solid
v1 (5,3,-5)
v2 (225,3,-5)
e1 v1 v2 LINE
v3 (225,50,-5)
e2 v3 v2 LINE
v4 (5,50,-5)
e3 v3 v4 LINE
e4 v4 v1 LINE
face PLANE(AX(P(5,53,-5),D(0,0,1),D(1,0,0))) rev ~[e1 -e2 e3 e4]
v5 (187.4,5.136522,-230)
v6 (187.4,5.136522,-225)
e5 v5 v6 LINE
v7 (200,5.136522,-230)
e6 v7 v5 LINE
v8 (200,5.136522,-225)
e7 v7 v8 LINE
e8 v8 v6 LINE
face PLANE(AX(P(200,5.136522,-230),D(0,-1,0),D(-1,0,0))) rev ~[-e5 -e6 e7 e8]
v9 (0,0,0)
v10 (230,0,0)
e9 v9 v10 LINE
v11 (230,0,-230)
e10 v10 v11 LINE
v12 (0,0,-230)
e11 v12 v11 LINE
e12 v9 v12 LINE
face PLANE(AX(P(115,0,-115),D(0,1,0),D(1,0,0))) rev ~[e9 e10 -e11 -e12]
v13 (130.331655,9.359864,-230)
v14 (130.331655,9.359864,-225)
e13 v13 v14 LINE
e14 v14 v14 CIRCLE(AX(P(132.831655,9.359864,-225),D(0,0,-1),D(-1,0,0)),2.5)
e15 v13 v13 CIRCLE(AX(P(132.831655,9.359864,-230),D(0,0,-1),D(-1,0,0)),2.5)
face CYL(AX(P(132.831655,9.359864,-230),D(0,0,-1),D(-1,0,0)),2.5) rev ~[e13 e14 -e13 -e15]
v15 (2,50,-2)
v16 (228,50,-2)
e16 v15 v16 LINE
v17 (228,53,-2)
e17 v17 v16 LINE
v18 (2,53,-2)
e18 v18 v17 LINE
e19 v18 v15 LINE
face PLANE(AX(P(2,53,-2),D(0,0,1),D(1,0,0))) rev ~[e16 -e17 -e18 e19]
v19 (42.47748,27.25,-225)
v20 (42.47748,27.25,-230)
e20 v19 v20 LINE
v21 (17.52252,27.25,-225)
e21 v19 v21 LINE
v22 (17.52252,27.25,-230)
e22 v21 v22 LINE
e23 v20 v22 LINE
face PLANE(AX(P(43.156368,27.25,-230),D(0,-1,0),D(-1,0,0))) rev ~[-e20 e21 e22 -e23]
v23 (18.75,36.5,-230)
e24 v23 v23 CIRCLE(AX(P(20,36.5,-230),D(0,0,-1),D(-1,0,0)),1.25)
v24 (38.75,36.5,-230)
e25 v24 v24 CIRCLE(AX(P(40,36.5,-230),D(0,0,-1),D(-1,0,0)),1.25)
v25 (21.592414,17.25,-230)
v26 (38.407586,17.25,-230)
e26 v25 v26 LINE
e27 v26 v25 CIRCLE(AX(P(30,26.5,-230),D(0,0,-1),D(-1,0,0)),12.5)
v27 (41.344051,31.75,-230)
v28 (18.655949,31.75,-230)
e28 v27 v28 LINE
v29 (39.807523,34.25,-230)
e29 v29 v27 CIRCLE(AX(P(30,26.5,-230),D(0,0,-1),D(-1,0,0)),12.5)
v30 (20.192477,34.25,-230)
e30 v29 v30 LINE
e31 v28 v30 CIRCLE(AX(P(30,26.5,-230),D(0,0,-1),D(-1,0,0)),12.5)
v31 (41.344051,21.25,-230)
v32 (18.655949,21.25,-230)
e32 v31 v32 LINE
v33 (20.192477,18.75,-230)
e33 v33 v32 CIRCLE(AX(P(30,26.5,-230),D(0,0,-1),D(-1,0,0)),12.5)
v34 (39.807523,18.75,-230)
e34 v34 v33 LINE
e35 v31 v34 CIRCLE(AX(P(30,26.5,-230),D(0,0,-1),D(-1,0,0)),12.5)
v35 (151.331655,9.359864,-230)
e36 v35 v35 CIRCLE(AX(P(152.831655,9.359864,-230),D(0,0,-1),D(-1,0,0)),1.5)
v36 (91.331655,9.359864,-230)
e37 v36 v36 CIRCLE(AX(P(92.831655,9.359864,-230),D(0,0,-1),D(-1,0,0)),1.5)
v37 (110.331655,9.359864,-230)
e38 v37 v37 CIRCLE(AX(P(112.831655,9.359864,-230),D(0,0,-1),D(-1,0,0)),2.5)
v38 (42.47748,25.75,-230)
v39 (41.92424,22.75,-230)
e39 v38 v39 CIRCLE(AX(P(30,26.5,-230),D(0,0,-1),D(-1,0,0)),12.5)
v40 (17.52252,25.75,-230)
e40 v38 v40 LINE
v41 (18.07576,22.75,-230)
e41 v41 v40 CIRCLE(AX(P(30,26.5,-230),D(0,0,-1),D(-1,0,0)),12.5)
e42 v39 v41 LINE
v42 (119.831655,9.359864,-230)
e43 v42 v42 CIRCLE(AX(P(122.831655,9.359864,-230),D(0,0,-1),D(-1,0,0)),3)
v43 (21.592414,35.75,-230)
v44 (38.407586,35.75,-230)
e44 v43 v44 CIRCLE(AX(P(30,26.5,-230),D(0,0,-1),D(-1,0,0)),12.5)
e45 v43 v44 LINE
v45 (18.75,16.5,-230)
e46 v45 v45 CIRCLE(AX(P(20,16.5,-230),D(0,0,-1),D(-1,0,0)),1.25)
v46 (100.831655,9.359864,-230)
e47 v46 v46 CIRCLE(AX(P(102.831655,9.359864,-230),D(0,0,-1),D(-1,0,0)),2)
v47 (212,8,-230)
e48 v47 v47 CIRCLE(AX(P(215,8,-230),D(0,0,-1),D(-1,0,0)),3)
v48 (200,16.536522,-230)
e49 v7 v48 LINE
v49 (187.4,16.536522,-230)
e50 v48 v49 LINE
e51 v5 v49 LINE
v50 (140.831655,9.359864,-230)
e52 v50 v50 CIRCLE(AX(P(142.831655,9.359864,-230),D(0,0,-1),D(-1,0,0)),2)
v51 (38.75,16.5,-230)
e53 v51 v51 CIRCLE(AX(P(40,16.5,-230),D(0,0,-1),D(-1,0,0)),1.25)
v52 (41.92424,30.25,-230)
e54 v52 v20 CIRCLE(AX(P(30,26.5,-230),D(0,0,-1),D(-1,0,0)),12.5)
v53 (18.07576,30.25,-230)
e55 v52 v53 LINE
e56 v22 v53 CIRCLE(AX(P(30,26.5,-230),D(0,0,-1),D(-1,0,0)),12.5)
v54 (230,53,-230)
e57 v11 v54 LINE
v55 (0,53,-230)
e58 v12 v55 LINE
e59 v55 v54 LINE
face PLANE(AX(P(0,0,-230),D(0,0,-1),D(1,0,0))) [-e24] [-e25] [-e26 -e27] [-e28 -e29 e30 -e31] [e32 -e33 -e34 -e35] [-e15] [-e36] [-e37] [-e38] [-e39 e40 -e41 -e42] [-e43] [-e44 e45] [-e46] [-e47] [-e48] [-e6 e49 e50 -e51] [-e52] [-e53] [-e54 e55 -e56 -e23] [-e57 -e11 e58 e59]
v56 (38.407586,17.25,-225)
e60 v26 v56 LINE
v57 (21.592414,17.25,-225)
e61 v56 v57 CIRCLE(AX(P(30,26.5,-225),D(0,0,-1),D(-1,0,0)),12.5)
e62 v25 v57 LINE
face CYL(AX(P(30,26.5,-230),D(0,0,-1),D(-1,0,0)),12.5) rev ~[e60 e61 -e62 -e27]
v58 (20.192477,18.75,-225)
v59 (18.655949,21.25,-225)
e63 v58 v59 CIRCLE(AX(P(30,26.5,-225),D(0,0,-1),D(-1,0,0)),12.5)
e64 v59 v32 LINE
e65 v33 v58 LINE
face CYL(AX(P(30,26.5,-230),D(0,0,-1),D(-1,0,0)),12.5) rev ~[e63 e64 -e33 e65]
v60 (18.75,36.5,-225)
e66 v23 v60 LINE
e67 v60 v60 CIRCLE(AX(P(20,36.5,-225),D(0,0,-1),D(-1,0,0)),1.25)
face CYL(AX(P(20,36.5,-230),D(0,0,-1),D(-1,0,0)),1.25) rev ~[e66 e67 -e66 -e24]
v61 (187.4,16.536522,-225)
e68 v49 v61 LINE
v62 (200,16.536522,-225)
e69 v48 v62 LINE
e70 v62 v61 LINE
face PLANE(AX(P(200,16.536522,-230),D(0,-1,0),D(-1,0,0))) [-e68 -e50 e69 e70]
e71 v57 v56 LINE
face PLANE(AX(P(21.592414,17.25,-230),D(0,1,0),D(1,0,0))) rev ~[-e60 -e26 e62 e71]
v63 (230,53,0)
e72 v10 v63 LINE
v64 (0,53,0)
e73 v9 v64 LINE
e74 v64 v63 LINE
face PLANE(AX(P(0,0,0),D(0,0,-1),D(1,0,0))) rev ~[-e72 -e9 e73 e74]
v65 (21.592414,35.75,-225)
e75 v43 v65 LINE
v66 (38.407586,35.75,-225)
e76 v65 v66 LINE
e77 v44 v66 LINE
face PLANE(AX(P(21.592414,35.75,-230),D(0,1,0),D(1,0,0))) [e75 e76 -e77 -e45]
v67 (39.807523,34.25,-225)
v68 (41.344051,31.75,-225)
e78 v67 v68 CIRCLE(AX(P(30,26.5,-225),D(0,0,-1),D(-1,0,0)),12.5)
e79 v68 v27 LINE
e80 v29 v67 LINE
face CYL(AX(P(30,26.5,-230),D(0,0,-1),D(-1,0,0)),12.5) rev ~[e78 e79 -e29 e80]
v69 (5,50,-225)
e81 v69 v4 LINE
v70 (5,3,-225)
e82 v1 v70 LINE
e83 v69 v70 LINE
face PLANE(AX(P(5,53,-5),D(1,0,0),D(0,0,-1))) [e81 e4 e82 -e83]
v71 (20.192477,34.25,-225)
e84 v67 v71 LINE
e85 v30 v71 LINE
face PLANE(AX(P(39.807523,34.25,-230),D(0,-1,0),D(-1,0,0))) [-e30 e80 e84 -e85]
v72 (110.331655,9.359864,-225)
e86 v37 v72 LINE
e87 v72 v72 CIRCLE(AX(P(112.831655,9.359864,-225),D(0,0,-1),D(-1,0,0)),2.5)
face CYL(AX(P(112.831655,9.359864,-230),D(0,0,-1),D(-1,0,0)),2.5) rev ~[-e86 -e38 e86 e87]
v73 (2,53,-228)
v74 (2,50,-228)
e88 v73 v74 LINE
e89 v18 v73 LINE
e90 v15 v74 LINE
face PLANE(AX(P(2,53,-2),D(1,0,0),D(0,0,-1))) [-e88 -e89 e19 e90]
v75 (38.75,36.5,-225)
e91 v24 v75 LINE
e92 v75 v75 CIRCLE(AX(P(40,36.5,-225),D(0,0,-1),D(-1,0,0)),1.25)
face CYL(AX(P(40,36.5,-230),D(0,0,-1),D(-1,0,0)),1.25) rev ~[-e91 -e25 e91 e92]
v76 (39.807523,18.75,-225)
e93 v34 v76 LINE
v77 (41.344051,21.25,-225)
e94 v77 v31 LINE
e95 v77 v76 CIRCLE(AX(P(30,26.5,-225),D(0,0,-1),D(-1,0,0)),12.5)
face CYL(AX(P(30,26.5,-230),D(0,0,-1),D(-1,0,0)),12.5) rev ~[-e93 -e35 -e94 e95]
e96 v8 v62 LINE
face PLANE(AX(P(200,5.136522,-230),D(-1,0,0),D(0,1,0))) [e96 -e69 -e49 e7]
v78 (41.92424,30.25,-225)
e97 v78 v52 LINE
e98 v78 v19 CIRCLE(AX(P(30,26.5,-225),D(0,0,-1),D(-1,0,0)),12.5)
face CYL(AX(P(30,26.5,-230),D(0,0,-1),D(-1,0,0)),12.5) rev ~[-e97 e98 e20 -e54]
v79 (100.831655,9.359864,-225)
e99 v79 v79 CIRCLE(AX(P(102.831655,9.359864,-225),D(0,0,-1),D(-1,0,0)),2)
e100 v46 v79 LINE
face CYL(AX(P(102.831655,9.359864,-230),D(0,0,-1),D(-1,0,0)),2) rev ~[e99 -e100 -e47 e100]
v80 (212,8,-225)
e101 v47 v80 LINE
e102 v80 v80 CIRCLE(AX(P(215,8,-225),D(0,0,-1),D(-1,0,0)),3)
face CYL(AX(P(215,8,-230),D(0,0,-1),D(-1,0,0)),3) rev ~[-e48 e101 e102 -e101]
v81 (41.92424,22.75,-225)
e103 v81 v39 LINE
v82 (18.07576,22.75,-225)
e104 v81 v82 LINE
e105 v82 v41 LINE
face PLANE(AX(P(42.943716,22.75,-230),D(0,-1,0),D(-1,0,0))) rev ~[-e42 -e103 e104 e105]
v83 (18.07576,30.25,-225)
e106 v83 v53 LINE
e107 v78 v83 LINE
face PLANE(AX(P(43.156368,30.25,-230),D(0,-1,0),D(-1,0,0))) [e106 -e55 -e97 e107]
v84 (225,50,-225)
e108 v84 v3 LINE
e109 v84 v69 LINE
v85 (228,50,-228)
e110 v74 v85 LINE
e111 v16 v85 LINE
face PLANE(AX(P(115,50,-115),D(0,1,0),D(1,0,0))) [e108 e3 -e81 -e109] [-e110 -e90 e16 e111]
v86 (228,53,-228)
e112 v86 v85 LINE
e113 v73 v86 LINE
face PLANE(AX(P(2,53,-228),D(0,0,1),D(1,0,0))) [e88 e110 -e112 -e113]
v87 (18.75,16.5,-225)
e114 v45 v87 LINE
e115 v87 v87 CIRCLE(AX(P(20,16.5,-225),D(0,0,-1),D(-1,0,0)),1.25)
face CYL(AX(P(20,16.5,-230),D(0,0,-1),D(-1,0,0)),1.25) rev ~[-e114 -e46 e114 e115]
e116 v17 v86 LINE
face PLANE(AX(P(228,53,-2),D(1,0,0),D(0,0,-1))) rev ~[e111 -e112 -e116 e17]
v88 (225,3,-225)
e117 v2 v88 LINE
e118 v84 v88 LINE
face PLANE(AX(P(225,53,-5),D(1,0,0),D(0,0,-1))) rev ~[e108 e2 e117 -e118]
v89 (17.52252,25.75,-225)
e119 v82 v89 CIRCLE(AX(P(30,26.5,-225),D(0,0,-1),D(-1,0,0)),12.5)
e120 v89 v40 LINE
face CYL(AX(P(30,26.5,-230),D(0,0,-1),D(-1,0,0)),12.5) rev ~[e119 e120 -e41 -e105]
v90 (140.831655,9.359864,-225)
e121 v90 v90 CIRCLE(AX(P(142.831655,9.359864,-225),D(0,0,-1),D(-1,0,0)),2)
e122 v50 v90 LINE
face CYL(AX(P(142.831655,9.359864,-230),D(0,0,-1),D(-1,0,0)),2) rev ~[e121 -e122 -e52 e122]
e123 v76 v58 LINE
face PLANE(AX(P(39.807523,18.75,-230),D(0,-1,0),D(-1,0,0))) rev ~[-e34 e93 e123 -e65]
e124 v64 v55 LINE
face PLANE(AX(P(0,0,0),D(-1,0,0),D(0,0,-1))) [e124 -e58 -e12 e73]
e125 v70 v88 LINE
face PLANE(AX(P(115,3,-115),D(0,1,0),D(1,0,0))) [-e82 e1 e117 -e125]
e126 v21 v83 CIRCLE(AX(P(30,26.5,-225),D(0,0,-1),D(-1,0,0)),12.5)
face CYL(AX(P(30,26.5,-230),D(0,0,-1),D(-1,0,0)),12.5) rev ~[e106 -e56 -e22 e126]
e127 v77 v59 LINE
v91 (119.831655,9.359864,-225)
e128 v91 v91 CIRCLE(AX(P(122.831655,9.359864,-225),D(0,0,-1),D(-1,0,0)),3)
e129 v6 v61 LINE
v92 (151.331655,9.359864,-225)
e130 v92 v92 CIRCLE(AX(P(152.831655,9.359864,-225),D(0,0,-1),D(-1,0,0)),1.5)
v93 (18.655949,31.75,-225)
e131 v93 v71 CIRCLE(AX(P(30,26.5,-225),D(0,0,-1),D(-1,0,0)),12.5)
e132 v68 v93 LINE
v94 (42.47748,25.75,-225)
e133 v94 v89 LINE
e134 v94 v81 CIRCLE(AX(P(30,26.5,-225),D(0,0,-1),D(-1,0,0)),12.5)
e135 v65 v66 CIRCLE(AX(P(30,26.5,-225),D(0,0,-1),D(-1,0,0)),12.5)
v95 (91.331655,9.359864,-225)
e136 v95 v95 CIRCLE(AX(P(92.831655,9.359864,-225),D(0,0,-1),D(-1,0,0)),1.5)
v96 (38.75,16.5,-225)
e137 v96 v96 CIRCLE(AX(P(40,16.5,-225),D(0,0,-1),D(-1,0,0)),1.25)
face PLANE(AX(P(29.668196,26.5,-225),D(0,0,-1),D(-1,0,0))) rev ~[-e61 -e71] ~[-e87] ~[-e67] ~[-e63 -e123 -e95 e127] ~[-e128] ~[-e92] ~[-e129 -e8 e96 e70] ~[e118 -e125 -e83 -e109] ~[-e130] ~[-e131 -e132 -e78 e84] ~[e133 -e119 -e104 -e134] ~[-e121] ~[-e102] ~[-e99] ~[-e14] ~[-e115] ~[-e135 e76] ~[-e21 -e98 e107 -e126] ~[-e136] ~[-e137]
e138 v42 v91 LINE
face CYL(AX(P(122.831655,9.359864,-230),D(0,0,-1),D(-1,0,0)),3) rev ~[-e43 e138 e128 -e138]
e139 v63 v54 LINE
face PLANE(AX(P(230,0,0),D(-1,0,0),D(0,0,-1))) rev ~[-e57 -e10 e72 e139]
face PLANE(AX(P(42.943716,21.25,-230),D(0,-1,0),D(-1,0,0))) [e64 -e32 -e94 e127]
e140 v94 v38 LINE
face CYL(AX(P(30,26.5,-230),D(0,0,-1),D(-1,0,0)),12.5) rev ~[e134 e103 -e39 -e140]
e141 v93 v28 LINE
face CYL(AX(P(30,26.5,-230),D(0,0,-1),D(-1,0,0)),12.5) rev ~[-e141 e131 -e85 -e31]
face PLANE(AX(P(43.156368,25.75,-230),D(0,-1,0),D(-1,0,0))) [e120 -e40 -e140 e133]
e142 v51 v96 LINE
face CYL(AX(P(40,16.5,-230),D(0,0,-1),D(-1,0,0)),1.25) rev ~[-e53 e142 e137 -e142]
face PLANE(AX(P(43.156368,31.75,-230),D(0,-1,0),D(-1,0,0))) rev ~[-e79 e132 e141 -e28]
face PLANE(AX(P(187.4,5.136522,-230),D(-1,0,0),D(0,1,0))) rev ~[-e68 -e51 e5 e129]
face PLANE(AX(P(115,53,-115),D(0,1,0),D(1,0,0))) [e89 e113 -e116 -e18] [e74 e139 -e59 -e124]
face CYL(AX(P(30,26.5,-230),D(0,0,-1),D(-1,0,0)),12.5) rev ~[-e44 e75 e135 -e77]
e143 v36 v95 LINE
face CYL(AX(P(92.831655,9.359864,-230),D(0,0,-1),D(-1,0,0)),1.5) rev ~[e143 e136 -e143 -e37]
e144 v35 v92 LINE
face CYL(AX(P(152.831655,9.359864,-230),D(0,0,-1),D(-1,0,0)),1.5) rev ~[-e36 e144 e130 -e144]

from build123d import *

# Parameters (mm, degrees)
ESQUISSE1_W             = 230
ESQUISSE1_H             = 230
BOSS_EXTRU_1_DEPTH      = 53
ESQUISSE2_W             = 220
ESQUISSE2_H             = 220
ENL_V_MAT_EXTRU_1_DEPTH = 50
ESQUISSE3_W             = 226
ESQUISSE3_H             = 226
ENL_V_MAT_EXTRU_2_DEPTH = 3
ESQUISSE4_R             = 12.5
ENL_V_MAT_EXTRU_3_DEPTH = 13
ESQUISSE5_R             = 1.25
ENL_V_MAT_EXTRU_4_DEPTH = 13
ESQUISSE6_W             = 26.976344154
ESQUISSE6_H             = 1.5
ESQUISSE6_W_2           = 27.280131813
ESQUISSE6_W_3           = 27.280131814
BOSS_EXTRU_2_DEPTH      = 5
ESQUISSE7_R             = 3
ENL_V_MAT_EXTRU_5_DEPTH = 5
ESQUISSE9_W             = 12.6
ESQUISSE9_H             = 11.4
ENL_V_MAT_EXTRU_6_DEPTH = 5
ESQUISSE10_R            = 1.5
ESQUISSE10_R_2          = 2
ESQUISSE10_R_3          = 2.5
ESQUISSE10_R_4          = 3
ENL_V_MAT_EXTRU_7_DEPTH = 10


with BuildPart() as part:
    # Esquisse1 → Boss.-Extru.1 (new body)
    with BuildSketch(Plane(origin=(0, 0, 0), x_dir=(1, 0, 0), z_dir=(0, 1, 0))):
        with Locations((115, 115)):
            Rectangle(ESQUISSE1_W, ESQUISSE1_H)
    extrude(amount=BOSS_EXTRU_1_DEPTH)

    # Esquisse2 → Enlèv. mat.-Extru.1 (cut)
    with BuildSketch(Plane(origin=(0, 53, 0), x_dir=(1, 0, 0), z_dir=(0, 1, 0))):
        with Locations((115, 115)):
            Rectangle(ESQUISSE2_W, ESQUISSE2_H)
    extrude(amount=-ENL_V_MAT_EXTRU_1_DEPTH, mode=Mode.SUBTRACT)

    # Esquisse3 → Enlèv. mat.-Extru.2 (cut)
    with BuildSketch(Plane(origin=(0, 53, 0), x_dir=(1, 0, 0), z_dir=(0, 1, 0))):
        with Locations((115, 115)):
            Rectangle(ESQUISSE3_W, ESQUISSE3_H)
    extrude(amount=-ENL_V_MAT_EXTRU_2_DEPTH, mode=Mode.SUBTRACT)

    # Esquisse4 → Enlèv. mat.-Extru.3 (cut)
    with BuildSketch(Plane(origin=(0, 0, -230), x_dir=(-1, 0, 0), z_dir=(0, 0, -1))):
        with Locations((-30, 26.5)):
            Circle(ESQUISSE4_R)
    extrude(amount=-ENL_V_MAT_EXTRU_3_DEPTH, mode=Mode.SUBTRACT)

    # Esquisse5 → Enlèv. mat.-Extru.4 (cut)
    with BuildSketch(Plane(origin=(0, 0, -230), x_dir=(-1, 0, 0), z_dir=(0, 0, -1))):
        with Locations((-40, 36.5)):
            Circle(ESQUISSE5_R)
        with Locations((-20, 36.5)):
            Circle(ESQUISSE5_R)
        with Locations((-20, 16.5)):
            Circle(ESQUISSE5_R)
        with Locations((-40, 16.5)):
            Circle(ESQUISSE5_R)
    extrude(amount=-ENL_V_MAT_EXTRU_4_DEPTH, mode=Mode.SUBTRACT)

    # Esquisse6 → Boss.-Extru.2 (add)
    with BuildSketch(Plane(origin=(0, 0, -230), x_dir=(-1, 0, 0), z_dir=(0, 0, -1))):
        with Locations((-29.668195525, 26.5)):
            Rectangle(ESQUISSE6_W, ESQUISSE6_H)
        with Locations((-29.516301696, 31)):
            Rectangle(ESQUISSE6_W_2, ESQUISSE6_H)
        with BuildLine():
            Line((-39.807522623, 18.75), (-20.192477377, 18.75))
            add(Edge.make_bspline(
                [(-20.192477377, 18.75), (-20.3726905, 17.550508754), (-21.59241414, 17.25)],
                knots=[0, 0, 0, 1, 1, 1], degree=2))
            Line((-21.59241414, 17.25), (-38.40758586, 17.25))
            add(Edge.make_bspline(
                [(-39.807522623, 18.75), (-39.455191276, 17.680066298), (-38.40758586, 17.25)],
                knots=[0, 0, 0, 1, 1, 1], degree=2))
        make_face()
        with Locations((-29.303650334, 22)):
            Rectangle(ESQUISSE6_W_3, ESQUISSE6_H)
        with BuildLine():
            Line((-39.807522623, 34.25), (-20.192477377, 34.25))
            add(Edge.make_bspline(
                [(-21.59241414, 35.75), (-20.476912109, 35.349681649), (-20.192477377, 34.25)],
                knots=[0, 0, 0, 1, 1, 1], degree=2))
            Line((-21.59241414, 35.75), (-38.40758586, 35.75))
            add(Edge.make_bspline(
                [(-39.807522623, 34.25), (-39.526090214, 35.47410851), (-38.40758586, 35.75)],
                knots=[0, 0, 0, 1, 1, 1], degree=2))
        make_face()
    extrude(amount=-BOSS_EXTRU_2_DEPTH)

    # Esquisse7 → Enlèv. mat.-Extru.5 (cut)
    with BuildSketch(Plane(origin=(0, 0, -230), x_dir=(-1, 0, 0), z_dir=(0, 0, -1))):
        with Locations((-215, 8)):
            Circle(ESQUISSE7_R)
    extrude(amount=-ENL_V_MAT_EXTRU_5_DEPTH, mode=Mode.SUBTRACT)

    # Esquisse9 → Enlèv. mat.-Extru.6 (cut)
    with BuildSketch(Plane(origin=(0, 0, -230), x_dir=(-1, 0, 0), z_dir=(0, 0, -1))):
        with Locations((-193.7, 10.836521705)):
            Rectangle(ESQUISSE9_W, ESQUISSE9_H)
    extrude(amount=-ENL_V_MAT_EXTRU_6_DEPTH, mode=Mode.SUBTRACT)

    # Esquisse10 → Enlèv. mat.-Extru.7 (cut)
    with BuildSketch(Plane(origin=(0, 0, -230), x_dir=(-1, 0, 0), z_dir=(0, 0, -1))):
        with Locations((-152.831654842, 9.359863556)):
            Circle(ESQUISSE10_R)
        with Locations((-142.831654842, 9.359863556)):
            Circle(ESQUISSE10_R_2)
        with Locations((-132.831654842, 9.359863556)):
            Circle(ESQUISSE10_R_3)
        with Locations((-122.831654842, 9.359863556)):
            Circle(ESQUISSE10_R_4)
        with Locations((-112.831654842, 9.359863556)):
            Circle(ESQUISSE10_R_3)
        with Locations((-102.831654842, 9.359863556)):
            Circle(ESQUISSE10_R_2)
        with Locations((-92.831654842, 9.359863556)):
            Circle(ESQUISSE10_R)
    extrude(amount=-ENL_V_MAT_EXTRU_7_DEPTH, mode=Mode.SUBTRACT)


solid = part.part
